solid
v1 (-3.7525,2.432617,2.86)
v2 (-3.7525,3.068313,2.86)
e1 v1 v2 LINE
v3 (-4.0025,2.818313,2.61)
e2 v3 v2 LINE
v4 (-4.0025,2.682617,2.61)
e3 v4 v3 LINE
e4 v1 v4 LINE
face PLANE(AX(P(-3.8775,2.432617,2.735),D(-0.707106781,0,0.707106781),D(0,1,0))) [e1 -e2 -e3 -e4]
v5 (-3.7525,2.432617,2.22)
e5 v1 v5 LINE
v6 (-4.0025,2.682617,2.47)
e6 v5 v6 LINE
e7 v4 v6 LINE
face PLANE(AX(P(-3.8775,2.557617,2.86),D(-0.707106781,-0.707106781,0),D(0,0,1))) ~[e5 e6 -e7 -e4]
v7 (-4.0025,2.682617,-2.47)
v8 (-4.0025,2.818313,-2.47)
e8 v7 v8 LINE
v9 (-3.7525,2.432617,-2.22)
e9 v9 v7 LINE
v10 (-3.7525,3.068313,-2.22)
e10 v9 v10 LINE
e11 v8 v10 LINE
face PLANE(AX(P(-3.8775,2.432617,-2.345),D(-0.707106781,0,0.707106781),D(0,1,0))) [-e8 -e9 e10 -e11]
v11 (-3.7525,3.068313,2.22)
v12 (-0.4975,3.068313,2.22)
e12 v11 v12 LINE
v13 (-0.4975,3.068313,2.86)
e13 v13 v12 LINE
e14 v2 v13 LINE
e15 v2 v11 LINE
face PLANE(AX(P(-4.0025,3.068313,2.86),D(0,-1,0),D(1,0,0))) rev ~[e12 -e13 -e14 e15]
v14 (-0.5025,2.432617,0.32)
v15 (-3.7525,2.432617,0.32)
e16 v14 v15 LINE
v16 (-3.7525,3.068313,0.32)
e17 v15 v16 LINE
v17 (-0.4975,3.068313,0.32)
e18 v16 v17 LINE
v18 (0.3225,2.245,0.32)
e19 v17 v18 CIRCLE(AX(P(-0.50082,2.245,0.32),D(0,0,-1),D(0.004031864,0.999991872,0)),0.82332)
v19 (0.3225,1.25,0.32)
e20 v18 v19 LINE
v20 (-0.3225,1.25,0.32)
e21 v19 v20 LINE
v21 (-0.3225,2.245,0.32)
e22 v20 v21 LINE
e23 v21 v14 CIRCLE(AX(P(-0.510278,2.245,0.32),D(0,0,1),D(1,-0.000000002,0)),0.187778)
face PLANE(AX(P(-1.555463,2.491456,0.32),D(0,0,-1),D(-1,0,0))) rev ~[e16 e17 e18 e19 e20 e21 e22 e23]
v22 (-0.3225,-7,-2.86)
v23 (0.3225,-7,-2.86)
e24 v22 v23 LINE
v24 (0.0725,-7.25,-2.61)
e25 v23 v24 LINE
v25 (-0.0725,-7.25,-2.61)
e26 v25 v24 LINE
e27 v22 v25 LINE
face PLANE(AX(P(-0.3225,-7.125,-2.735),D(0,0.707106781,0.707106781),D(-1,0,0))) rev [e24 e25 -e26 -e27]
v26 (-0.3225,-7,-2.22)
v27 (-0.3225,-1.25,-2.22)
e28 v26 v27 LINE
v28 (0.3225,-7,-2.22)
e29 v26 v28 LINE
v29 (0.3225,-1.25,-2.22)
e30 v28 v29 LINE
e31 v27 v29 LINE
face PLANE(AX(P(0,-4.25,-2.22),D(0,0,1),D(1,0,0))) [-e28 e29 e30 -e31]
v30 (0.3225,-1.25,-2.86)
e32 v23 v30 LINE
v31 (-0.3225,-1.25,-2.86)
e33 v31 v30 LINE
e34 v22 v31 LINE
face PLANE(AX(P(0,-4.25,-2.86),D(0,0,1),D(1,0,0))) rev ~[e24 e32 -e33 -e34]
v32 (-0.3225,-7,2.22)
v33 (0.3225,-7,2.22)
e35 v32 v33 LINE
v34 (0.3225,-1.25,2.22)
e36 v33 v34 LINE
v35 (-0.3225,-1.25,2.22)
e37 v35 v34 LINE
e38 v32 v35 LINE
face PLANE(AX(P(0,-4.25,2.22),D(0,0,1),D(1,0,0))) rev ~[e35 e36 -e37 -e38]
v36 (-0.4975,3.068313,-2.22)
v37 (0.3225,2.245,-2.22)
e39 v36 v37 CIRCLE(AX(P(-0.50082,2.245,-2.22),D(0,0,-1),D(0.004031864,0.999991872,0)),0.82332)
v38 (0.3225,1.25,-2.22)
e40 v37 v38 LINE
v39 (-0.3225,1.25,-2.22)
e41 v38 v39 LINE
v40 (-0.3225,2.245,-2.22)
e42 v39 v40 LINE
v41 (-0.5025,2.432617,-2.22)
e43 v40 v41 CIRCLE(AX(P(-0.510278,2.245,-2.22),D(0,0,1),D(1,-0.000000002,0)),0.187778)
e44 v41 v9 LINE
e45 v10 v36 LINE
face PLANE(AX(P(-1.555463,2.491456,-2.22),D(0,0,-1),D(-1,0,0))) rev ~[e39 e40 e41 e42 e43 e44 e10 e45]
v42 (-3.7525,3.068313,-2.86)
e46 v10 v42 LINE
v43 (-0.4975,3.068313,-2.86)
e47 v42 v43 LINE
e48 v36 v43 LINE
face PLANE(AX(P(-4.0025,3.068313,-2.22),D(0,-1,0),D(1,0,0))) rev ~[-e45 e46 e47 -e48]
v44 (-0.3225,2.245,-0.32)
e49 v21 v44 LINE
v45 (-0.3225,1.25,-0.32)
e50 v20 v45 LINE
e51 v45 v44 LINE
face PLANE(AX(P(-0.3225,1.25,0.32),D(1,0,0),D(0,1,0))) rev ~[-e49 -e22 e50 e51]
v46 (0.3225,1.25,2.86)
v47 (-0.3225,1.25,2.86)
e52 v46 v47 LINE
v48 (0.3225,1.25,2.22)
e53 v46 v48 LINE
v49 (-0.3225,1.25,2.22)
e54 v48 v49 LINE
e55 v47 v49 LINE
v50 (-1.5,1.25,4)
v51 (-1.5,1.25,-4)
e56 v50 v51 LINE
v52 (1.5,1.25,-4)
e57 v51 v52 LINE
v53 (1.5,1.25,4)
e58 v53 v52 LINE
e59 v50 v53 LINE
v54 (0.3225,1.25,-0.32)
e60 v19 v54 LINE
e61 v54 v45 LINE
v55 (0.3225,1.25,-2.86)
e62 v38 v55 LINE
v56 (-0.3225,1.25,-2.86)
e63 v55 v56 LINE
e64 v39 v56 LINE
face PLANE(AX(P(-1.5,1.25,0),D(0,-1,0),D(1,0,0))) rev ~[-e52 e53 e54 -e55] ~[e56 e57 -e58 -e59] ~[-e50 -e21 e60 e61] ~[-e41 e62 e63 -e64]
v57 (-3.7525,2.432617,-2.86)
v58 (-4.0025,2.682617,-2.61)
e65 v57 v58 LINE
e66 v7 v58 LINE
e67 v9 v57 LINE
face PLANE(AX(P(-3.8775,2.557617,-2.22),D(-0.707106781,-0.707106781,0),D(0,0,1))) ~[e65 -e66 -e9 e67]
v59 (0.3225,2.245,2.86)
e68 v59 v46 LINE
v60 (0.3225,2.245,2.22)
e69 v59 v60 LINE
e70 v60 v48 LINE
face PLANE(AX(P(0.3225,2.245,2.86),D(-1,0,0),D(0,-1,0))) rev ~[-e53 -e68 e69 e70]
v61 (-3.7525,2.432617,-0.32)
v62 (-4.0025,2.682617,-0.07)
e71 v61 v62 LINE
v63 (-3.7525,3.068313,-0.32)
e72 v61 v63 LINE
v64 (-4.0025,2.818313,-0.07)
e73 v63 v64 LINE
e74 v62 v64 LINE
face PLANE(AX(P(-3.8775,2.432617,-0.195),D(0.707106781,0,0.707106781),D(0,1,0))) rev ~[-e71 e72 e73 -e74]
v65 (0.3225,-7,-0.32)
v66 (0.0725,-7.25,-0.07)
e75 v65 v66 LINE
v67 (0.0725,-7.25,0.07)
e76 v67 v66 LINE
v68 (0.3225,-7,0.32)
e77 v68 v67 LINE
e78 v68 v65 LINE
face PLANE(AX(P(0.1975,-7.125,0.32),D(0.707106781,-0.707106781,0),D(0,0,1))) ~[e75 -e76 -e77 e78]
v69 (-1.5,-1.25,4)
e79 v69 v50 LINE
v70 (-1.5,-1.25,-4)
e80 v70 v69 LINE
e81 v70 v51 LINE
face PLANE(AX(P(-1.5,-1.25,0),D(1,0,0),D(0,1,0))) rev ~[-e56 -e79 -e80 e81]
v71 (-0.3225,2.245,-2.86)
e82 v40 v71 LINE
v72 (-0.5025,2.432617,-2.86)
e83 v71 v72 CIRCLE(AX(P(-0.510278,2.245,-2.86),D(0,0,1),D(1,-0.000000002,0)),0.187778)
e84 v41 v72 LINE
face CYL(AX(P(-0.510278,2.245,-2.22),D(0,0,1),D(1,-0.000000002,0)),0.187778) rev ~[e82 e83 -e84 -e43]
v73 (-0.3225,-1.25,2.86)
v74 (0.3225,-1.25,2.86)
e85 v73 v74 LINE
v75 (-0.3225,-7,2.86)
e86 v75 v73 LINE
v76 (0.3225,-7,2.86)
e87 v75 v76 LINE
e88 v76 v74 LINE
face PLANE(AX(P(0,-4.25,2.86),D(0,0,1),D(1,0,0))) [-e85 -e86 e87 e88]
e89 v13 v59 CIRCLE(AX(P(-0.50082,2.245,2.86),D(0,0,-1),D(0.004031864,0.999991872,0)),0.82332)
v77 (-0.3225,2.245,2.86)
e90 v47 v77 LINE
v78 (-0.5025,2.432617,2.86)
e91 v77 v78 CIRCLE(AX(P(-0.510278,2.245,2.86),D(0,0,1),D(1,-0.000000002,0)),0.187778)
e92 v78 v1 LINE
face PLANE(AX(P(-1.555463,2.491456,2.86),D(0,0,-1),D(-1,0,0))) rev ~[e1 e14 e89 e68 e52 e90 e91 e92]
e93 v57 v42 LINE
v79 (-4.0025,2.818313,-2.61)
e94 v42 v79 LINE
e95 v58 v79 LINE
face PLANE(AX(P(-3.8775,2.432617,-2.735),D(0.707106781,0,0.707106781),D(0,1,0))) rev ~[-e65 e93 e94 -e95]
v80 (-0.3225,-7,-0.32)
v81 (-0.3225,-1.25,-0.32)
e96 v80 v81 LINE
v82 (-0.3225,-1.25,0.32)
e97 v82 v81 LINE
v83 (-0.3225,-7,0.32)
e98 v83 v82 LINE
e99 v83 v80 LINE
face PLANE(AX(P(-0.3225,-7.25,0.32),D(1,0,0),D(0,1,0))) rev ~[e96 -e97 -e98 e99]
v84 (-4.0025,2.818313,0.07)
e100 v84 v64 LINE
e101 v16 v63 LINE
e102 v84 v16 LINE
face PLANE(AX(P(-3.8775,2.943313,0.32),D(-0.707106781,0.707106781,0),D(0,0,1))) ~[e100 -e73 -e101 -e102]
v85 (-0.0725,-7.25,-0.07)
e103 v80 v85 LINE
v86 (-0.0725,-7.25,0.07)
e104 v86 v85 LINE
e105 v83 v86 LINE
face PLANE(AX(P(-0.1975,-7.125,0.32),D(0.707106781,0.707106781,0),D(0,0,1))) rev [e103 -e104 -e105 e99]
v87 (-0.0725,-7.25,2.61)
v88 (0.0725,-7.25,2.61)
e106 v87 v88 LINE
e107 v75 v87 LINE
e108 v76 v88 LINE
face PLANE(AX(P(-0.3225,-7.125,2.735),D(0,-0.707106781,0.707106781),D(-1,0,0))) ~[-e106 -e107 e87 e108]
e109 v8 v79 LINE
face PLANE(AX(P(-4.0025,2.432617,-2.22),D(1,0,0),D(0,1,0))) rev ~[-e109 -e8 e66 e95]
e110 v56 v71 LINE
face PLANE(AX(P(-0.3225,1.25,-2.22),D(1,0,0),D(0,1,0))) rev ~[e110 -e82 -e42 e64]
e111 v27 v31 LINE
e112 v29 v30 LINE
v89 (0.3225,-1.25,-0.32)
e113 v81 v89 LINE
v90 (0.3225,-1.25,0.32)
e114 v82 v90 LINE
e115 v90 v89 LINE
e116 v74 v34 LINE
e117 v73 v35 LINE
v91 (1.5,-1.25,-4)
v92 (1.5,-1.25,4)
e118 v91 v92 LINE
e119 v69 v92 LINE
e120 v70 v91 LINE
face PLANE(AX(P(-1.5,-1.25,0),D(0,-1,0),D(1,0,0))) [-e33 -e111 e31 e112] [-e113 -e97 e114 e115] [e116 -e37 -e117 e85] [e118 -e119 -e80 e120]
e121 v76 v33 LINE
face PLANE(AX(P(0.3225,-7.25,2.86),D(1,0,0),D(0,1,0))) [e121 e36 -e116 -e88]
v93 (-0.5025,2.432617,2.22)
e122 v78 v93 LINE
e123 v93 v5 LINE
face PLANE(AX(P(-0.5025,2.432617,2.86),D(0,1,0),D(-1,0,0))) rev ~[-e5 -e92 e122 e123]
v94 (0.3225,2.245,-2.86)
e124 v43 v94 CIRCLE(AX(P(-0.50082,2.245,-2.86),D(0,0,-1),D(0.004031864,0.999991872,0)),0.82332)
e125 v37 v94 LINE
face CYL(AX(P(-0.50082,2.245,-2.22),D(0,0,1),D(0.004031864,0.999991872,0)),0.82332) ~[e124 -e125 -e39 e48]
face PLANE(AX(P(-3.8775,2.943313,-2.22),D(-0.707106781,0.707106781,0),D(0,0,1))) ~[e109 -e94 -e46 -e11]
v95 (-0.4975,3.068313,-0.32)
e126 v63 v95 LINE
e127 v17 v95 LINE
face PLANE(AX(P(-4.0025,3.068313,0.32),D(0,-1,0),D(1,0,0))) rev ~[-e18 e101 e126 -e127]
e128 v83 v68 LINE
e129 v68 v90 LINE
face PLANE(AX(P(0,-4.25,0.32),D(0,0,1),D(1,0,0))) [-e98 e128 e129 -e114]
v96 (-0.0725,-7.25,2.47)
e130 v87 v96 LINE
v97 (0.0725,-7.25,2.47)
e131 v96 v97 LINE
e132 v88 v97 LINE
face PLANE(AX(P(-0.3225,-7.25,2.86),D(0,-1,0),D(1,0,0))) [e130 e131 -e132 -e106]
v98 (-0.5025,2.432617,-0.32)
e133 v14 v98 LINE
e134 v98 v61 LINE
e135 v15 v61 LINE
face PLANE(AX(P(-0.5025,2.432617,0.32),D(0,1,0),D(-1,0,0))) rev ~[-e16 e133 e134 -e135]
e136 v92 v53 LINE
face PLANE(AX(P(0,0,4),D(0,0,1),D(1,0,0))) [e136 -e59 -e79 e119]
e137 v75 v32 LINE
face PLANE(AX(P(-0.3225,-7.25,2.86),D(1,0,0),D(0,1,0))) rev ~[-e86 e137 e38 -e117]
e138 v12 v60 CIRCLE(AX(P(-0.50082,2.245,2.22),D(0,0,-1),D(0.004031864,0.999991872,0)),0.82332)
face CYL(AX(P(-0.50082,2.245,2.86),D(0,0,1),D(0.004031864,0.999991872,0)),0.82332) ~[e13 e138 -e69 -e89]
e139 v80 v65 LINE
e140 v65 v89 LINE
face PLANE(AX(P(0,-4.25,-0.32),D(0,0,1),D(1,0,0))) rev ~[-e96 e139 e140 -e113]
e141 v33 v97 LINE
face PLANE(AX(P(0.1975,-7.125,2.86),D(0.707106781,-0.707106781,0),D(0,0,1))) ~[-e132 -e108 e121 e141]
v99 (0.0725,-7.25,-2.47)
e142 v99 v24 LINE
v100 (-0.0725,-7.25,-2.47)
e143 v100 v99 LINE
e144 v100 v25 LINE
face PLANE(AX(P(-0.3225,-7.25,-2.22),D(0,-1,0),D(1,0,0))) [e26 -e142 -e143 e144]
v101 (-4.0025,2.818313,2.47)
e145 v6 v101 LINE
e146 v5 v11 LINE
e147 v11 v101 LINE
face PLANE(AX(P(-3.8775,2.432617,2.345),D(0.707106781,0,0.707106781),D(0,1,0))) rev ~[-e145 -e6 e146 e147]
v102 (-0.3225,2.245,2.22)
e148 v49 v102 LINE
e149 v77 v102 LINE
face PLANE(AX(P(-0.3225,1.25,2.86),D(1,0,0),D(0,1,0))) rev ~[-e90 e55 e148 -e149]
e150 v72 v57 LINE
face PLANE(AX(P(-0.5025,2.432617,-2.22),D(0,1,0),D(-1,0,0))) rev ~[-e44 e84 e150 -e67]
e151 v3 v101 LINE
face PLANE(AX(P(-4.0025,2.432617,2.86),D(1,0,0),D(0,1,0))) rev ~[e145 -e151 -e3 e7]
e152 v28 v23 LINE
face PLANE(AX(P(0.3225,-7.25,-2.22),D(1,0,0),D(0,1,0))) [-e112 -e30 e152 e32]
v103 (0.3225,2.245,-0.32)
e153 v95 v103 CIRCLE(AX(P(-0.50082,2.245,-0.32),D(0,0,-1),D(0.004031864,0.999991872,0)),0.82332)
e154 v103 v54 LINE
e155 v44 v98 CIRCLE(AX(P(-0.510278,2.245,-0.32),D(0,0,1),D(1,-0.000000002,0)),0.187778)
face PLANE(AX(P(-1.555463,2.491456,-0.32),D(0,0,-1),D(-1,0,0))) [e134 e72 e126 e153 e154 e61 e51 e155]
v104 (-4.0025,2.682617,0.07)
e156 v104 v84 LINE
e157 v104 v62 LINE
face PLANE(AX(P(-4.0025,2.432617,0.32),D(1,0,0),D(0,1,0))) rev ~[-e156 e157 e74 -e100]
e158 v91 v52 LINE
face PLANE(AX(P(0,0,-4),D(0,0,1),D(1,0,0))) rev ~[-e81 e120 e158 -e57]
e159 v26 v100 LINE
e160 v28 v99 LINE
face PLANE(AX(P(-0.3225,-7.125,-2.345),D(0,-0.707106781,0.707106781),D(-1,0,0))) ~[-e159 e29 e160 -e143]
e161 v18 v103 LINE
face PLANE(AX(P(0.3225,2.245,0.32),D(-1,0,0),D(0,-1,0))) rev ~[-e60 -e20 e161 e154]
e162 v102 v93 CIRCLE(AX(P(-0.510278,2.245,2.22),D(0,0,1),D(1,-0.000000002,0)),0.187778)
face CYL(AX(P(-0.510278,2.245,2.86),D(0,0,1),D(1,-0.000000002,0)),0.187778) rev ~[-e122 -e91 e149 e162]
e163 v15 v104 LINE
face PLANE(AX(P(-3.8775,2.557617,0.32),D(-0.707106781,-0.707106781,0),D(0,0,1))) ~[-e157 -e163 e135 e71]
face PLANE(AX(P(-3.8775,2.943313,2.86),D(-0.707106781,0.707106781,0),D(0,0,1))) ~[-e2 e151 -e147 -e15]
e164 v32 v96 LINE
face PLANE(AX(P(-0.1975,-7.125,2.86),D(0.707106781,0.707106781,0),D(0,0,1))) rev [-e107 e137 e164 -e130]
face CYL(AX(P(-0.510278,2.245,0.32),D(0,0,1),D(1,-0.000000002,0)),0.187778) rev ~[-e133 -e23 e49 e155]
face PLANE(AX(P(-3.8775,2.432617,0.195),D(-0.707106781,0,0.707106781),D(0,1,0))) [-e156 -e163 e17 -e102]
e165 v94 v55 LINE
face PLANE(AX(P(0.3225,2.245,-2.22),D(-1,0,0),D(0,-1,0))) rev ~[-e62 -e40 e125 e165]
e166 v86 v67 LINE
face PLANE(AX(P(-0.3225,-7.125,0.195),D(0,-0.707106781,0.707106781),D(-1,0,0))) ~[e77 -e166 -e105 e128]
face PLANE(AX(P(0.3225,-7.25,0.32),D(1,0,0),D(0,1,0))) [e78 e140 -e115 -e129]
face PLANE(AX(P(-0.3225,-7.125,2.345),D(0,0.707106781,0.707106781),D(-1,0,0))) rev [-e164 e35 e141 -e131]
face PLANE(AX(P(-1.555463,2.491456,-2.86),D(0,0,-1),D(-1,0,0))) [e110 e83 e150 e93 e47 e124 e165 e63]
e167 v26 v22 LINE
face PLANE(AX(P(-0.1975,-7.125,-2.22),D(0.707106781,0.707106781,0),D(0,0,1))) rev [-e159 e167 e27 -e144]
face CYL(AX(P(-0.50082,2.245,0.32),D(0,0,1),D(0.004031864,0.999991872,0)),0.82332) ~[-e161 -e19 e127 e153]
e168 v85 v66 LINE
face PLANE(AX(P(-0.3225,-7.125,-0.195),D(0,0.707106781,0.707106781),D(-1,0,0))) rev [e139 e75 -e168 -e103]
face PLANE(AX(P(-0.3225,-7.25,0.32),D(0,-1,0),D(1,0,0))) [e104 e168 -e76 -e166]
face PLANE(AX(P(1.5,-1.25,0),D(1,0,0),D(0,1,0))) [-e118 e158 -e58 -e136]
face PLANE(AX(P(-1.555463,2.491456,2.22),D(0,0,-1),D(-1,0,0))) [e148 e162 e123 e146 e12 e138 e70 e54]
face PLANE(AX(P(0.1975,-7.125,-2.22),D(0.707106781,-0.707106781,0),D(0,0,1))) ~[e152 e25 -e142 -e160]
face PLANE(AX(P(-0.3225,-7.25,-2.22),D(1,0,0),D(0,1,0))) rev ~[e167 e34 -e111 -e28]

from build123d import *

# Parameters (mm, degrees)
SKETCH1_W       = 3
SKETCH1_H       = 2.5
EXTRUDE1_DEPTH  = 4
SKETCH2_W       = 0.645
SKETCH2_H       = 6
EXTRUDE2_DEPTH  = 0.64
LPATTERN1_COUNT = 3
LPATTERN1_PITCH = 2.54
CHAMFER1_SIZE   = 0.25


with BuildPart() as part:
    # Sketch1 → Extrude1 (new body, symmetric)
    with BuildSketch(Plane.XY):
        Rectangle(SKETCH1_W, SKETCH1_H)
    extrude(amount=EXTRUDE1_DEPTH, both=True)

    # Sketch2 → Extrude2 (add)
    with BuildSketch(Plane.XY.offset(2.86)):
        with BuildLine():
            Line((-0.3225, 1.25), (-0.3225, 2.245))
            ThreePointArc((-0.3225, 2.245), (-0.374776878, 2.375), (-0.5025, 2.43261663))
            Line((-0.5025, 2.43261663), (-4.0025, 2.43261663))
            Line((-4.0025, 2.43261663), (-4.0025, 3.06831282))
            Line((-4.0025, 3.06831282), (-0.4975, 3.06831282))
            ThreePointArc((-0.4975, 3.06831282), (0.082527742, 2.826), (0.3225, 2.245))
            Line((0.3225, 2.245), (0.3225, 1.25))
            Line((0.3225, 1.25), (-0.3225, 1.25))
        make_face()
        with Locations((0, -4.25)):
            Rectangle(SKETCH2_W, SKETCH2_H)
    extrude2 = extrude(amount=-EXTRUDE2_DEPTH)

    # LPattern1: Extrude2 ×3
    with Locations(*[(0, 0, -i * LPATTERN1_PITCH) for i in range(1, LPATTERN1_COUNT)]):
        add(extrude2)

    # Chamfer1
    chamfer1_edges = [part.edges().sort_by_distance(p)[0] for p in [
        (-4.0025, 2.750464725, 2.22),
        (-4.0025, 2.43261663, 2.54),
        (-4.0025, 3.06831282, 2.54),
        (-4.0025, 2.750464725, 2.86),
        (0, -7.25, 2.22),
        (0.3225, -7.25, 2.54),
        (-0.3225, -7.25, 2.54),
        (0, -7.25, 2.86),
        (-4.0025, 2.750464725, -0.32),
        (-4.0025, 2.43261663, 0),
        (-4.0025, 3.06831282, 0),
        (-4.0025, 2.750464725, 0.32),
        (0, -7.25, -0.32),
        (0.3225, -7.25, 0),
        (-0.3225, -7.25, 0),
        (0, -7.25, 0.32),
        (-4.0025, 2.750464725, -2.86),
        (-4.0025, 2.43261663, -2.54),
        (-4.0025, 3.06831282, -2.54),
        (-4.0025, 2.750464725, -2.22),
        (0, -7.25, -2.86),
        (0.3225, -7.25, -2.54),
        (-0.3225, -7.25, -2.54),
        (0, -7.25, -2.22),
    ]]
    chamfer(chamfer1_edges, length=CHAMFER1_SIZE)


solid = part.part
